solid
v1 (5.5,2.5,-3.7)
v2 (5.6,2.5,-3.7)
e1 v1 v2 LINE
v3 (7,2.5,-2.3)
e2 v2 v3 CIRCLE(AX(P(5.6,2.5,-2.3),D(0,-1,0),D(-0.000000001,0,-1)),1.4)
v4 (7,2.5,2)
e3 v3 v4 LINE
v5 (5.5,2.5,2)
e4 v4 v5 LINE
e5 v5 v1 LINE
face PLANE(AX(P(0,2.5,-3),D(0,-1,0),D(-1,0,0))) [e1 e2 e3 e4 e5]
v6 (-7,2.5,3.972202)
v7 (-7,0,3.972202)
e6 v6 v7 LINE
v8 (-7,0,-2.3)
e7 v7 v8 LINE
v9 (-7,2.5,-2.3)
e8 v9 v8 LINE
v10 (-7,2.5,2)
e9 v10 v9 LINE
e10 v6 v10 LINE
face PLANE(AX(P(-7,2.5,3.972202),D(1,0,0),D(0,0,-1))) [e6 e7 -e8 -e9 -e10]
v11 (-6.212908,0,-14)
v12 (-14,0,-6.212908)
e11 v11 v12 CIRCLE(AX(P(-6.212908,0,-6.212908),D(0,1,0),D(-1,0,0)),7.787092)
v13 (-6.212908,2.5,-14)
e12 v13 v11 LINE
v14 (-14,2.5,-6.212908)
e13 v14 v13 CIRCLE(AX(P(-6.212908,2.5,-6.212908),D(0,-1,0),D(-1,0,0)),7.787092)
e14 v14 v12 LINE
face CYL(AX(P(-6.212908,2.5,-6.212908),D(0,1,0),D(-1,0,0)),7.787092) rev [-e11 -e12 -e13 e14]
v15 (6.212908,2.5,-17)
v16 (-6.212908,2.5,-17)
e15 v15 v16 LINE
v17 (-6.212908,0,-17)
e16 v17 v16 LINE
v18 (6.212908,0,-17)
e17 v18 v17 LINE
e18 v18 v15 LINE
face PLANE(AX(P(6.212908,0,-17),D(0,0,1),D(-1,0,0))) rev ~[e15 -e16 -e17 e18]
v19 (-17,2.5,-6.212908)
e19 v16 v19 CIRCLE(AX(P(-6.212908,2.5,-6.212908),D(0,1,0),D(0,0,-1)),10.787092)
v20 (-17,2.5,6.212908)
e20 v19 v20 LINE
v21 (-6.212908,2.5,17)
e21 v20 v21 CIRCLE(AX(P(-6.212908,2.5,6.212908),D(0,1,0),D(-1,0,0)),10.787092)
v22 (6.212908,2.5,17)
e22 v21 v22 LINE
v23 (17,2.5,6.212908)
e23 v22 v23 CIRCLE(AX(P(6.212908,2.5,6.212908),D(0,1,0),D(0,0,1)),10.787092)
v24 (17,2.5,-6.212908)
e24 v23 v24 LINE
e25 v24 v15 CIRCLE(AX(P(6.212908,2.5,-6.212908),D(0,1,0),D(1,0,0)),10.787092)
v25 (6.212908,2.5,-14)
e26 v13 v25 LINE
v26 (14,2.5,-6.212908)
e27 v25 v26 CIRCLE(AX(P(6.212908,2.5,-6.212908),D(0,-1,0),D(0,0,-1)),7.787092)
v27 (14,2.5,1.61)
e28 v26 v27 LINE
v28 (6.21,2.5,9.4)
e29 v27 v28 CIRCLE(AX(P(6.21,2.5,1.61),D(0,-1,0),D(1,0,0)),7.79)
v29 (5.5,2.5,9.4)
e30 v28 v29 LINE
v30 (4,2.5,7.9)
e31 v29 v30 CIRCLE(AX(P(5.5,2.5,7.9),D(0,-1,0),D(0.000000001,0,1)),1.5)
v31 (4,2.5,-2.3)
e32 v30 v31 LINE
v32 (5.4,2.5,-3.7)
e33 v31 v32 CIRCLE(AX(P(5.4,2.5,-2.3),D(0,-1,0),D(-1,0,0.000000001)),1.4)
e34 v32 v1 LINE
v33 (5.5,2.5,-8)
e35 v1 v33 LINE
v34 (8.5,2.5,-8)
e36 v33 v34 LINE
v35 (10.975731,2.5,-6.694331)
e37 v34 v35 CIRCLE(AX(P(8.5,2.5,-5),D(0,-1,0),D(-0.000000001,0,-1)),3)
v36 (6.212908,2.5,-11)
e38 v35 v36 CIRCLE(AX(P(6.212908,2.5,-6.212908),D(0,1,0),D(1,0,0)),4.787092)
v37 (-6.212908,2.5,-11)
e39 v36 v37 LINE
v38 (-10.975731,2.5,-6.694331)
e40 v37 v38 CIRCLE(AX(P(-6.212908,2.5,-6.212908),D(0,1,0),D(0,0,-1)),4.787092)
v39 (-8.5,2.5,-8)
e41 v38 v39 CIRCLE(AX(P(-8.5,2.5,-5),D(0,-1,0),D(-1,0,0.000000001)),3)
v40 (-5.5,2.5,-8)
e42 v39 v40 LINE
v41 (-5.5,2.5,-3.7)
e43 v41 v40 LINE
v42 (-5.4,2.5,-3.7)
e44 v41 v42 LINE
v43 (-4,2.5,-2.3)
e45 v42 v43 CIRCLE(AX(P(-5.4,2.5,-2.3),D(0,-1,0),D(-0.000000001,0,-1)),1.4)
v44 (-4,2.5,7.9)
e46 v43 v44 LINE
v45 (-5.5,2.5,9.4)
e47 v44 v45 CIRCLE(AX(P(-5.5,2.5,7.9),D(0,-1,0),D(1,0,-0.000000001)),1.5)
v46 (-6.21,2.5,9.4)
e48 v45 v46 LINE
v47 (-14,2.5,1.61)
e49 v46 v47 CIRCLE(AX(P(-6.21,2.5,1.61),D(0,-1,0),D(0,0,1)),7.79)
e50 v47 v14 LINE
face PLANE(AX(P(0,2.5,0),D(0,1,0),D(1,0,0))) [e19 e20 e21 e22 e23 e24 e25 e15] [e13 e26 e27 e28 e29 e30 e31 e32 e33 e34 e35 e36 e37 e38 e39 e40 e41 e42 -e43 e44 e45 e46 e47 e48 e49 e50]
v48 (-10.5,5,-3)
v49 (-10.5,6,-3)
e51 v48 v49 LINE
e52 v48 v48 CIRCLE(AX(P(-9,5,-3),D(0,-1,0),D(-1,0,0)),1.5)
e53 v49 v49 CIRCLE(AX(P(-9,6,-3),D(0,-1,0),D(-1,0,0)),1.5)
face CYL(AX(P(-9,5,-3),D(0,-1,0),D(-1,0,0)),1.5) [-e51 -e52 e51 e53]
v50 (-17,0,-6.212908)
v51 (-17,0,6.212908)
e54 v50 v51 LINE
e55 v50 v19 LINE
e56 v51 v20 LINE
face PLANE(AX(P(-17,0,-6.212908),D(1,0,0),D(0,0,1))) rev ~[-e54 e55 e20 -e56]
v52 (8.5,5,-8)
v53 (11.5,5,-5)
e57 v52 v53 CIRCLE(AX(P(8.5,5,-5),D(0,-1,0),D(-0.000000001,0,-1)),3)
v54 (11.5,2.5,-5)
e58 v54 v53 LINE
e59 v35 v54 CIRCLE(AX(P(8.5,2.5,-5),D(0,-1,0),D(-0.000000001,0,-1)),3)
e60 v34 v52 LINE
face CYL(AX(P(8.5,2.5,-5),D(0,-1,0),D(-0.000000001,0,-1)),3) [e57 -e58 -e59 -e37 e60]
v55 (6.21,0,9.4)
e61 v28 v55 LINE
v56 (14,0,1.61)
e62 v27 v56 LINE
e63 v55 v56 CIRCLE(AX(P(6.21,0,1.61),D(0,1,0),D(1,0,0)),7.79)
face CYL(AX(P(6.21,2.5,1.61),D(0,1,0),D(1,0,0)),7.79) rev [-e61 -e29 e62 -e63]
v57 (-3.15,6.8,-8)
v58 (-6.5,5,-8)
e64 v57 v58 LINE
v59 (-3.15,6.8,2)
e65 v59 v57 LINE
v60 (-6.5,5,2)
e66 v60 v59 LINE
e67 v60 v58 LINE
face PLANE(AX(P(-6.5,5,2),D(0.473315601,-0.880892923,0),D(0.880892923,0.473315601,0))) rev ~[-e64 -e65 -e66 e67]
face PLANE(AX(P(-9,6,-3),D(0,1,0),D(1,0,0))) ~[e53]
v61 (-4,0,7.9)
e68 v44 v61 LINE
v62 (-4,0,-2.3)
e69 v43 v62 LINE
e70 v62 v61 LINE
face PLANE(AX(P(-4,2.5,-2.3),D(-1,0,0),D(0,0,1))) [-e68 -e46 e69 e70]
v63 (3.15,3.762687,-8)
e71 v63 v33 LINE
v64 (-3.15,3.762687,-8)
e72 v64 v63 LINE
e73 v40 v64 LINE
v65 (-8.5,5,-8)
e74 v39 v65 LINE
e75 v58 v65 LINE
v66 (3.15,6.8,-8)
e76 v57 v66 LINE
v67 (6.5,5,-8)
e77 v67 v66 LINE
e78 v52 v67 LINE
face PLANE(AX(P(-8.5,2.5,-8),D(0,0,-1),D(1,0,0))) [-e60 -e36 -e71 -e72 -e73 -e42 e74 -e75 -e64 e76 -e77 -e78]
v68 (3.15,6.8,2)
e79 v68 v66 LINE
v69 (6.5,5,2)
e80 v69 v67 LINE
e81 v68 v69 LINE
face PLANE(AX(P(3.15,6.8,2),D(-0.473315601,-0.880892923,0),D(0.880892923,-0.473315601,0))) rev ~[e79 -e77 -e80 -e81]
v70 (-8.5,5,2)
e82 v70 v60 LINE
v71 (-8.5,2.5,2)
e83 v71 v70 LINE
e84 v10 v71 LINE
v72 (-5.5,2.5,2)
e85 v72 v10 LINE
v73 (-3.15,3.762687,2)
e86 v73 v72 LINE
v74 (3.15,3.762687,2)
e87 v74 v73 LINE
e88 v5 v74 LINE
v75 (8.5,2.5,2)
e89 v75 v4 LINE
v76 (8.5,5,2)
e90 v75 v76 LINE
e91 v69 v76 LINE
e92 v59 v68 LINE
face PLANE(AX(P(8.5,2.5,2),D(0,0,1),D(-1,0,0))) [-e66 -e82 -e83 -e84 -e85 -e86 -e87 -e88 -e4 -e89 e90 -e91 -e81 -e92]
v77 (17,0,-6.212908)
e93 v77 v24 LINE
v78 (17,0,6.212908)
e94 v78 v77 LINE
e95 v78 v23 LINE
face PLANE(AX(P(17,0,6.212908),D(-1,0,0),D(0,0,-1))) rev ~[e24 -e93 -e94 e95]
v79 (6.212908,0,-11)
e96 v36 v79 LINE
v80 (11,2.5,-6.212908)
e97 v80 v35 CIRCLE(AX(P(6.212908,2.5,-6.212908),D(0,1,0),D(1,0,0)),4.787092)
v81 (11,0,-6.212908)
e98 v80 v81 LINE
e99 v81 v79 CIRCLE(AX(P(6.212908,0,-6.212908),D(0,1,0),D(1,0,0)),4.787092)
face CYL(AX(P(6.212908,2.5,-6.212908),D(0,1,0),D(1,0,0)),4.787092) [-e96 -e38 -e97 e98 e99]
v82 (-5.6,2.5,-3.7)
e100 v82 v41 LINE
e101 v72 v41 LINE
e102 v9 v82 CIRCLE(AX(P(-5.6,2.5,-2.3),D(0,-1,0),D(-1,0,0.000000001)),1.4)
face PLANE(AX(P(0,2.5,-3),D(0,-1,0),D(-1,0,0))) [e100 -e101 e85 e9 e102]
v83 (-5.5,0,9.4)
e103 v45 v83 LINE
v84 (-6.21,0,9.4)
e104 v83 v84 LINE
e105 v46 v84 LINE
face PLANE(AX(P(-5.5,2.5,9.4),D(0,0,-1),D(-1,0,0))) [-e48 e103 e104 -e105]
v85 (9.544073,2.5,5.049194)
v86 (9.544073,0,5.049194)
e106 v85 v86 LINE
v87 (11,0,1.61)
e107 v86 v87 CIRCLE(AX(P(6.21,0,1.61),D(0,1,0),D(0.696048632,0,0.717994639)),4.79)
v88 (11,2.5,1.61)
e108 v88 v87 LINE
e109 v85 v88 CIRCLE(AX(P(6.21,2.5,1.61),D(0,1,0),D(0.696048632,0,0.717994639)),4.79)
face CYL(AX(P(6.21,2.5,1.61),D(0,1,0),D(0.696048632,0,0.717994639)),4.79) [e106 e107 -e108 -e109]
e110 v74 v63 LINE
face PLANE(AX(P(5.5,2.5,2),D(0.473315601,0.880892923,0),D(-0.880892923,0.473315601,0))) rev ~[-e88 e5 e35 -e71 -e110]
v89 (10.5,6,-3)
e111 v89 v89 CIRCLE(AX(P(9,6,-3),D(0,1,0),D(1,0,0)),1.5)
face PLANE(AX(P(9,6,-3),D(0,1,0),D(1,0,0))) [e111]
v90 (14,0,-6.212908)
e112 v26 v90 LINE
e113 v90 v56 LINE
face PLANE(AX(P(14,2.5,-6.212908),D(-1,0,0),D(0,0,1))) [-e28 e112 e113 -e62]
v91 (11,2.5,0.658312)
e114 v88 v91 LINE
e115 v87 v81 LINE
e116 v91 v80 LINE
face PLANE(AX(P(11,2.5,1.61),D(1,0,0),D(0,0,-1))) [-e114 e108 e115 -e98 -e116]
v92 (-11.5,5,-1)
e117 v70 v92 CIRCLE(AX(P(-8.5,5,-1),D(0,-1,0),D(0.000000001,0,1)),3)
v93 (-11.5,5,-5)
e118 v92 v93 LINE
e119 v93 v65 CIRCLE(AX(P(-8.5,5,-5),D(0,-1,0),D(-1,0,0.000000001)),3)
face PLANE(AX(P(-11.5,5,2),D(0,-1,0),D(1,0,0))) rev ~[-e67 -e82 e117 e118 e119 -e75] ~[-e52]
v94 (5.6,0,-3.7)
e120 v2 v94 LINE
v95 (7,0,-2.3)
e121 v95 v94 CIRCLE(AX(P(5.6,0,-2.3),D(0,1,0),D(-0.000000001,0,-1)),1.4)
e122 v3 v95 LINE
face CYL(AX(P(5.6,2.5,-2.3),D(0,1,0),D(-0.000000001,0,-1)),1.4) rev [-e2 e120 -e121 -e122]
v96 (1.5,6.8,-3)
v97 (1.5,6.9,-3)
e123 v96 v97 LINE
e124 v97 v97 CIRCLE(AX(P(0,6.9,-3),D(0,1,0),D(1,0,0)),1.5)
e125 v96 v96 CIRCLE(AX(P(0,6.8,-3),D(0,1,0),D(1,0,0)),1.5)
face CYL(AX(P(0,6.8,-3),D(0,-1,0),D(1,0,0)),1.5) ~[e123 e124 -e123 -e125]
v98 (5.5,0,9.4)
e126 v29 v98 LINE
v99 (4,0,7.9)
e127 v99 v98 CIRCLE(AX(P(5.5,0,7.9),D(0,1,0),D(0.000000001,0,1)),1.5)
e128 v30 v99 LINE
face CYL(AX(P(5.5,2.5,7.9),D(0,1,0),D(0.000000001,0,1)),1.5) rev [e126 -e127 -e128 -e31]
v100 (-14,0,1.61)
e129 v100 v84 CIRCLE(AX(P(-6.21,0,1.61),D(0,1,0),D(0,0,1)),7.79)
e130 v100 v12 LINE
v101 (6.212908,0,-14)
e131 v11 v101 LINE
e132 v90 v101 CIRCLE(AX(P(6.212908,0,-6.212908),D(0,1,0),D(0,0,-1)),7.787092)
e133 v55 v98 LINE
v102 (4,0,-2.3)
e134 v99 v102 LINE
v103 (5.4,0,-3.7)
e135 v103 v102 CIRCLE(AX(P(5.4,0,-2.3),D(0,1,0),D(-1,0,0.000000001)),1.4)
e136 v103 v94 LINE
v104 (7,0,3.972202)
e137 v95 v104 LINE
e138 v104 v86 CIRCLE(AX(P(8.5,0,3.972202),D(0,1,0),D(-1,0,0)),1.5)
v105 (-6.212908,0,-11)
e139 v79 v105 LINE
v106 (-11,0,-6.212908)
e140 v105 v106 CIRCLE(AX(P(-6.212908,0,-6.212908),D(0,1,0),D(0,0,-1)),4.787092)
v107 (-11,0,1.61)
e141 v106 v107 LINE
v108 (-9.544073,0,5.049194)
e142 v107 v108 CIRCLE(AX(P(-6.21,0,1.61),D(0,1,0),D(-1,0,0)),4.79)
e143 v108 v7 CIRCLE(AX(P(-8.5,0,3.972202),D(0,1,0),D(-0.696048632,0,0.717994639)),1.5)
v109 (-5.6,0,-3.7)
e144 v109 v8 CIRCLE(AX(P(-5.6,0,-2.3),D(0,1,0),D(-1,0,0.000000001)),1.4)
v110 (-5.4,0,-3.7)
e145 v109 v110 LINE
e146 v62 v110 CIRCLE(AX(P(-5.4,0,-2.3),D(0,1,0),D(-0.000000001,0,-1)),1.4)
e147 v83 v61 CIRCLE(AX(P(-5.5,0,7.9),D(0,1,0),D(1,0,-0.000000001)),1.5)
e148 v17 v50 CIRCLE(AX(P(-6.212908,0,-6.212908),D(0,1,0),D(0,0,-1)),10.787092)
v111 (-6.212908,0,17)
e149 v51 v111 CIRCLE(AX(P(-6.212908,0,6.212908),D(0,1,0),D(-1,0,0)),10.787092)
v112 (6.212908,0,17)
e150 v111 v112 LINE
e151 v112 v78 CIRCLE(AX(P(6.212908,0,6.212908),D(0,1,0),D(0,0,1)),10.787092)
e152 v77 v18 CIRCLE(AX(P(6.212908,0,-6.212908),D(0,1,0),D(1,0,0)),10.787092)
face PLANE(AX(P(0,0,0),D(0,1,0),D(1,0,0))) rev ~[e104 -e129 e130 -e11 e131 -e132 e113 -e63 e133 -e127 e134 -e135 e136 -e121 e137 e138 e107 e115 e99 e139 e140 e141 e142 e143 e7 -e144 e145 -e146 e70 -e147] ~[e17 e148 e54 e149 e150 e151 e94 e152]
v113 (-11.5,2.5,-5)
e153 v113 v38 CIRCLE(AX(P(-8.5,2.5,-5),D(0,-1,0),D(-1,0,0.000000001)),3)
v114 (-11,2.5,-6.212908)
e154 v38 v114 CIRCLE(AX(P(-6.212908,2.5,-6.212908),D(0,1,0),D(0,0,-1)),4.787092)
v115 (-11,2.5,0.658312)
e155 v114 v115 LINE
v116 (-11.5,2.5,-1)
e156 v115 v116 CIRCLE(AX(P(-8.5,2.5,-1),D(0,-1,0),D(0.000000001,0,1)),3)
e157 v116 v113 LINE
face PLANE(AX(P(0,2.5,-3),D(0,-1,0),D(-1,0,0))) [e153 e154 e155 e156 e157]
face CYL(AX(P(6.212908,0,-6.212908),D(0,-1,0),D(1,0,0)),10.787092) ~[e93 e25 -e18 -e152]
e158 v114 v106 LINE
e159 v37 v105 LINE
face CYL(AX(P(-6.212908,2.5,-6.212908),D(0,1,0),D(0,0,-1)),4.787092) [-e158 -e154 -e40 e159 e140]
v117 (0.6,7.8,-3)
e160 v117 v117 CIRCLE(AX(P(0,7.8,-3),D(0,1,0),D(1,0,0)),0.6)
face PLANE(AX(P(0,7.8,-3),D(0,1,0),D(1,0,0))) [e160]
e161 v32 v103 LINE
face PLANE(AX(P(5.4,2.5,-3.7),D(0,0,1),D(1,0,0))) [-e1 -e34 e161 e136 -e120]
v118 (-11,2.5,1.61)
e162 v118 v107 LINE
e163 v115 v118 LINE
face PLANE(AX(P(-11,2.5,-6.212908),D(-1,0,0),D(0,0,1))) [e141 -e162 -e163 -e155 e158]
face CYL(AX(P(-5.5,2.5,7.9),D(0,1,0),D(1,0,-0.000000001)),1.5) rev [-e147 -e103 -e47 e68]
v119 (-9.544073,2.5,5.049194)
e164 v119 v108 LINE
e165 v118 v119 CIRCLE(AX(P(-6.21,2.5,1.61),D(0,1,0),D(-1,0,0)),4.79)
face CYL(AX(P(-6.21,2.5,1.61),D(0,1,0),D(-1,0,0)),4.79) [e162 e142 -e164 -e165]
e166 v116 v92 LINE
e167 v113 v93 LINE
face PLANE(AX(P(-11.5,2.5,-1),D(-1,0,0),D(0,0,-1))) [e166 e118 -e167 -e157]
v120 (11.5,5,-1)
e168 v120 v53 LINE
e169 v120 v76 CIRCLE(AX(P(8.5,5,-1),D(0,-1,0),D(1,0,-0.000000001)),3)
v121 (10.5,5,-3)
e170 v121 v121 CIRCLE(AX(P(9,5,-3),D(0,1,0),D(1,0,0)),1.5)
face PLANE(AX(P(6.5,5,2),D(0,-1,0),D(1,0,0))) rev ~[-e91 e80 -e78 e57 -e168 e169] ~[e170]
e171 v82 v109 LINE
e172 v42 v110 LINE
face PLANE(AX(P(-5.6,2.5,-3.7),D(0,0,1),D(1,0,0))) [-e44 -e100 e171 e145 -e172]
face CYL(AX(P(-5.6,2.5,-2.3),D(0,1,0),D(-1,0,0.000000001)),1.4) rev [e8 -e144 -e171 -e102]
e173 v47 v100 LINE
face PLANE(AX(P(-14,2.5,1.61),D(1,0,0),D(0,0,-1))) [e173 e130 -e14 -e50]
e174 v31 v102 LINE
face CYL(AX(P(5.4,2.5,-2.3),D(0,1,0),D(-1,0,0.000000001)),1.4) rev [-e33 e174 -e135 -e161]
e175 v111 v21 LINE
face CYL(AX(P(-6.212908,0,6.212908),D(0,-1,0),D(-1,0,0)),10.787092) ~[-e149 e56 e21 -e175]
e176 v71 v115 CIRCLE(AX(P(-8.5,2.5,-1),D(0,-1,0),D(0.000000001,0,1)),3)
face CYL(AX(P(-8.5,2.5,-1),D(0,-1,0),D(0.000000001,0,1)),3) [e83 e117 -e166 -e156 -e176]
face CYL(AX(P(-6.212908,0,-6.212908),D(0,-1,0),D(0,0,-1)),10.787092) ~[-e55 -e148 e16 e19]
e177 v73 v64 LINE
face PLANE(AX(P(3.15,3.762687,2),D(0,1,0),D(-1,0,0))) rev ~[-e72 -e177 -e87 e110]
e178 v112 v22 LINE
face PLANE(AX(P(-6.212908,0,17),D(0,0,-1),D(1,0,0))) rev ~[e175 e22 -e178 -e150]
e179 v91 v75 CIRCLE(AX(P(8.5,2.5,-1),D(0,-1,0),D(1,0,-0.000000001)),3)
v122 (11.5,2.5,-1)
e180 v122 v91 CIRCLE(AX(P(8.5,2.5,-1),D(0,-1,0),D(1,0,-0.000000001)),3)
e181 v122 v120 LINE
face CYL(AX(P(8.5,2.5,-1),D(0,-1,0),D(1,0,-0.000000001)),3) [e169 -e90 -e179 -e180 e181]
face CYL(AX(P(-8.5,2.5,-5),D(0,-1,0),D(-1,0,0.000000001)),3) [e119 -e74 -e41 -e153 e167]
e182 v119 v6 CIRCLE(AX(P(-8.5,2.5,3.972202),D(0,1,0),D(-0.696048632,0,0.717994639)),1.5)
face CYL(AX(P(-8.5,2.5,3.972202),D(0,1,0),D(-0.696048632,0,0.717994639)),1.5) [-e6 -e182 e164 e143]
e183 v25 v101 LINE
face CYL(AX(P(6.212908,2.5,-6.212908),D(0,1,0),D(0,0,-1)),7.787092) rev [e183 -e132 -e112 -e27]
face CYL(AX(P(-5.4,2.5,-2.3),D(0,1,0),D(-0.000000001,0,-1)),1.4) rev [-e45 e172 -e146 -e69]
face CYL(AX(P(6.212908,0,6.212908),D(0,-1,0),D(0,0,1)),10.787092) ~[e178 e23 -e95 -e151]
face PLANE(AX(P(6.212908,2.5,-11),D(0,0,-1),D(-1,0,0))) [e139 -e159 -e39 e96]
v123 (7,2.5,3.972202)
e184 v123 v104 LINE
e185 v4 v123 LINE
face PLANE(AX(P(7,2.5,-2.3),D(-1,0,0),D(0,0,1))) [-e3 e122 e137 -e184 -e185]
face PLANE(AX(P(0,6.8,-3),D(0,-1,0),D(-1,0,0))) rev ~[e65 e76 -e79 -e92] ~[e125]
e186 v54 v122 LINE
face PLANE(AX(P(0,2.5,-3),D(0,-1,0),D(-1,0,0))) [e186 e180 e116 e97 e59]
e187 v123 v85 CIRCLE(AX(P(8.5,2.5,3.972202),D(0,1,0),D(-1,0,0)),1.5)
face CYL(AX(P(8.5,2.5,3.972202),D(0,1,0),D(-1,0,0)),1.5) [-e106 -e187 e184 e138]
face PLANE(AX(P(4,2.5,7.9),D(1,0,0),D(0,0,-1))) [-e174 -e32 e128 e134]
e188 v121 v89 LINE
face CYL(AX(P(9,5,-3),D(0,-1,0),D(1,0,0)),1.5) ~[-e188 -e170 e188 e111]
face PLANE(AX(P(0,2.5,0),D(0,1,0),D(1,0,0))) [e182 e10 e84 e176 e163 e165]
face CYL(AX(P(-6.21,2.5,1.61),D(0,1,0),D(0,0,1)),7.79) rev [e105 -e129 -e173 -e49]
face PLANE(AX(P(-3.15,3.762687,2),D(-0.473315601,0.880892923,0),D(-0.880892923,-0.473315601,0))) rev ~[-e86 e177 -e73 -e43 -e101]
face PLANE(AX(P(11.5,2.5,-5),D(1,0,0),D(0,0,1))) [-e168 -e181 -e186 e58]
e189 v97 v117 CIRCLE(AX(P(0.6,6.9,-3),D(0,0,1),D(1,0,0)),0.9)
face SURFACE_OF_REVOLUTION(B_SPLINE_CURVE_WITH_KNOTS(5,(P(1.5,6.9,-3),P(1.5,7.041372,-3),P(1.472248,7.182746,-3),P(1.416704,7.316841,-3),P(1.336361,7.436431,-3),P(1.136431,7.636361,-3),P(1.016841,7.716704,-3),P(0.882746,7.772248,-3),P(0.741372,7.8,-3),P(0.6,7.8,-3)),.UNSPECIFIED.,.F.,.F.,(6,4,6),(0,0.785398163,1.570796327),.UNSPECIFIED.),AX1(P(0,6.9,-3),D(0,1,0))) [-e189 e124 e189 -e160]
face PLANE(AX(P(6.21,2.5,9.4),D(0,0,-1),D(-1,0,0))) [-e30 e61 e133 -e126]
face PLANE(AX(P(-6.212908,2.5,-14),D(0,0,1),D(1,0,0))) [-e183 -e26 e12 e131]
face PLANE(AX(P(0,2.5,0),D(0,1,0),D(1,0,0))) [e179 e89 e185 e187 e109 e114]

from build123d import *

# Parameters (mm, degrees)
BOSS_EXTRUDE1_DEPTH = 2.5
CUT_EXTRUDE1_DEPTH  = 3.5
BOSS_EXTRUDE2_DEPTH = 4.3
CUT_EXTRUDE2_DEPTH  = 20
SKETCH5_R           = 1.5
BOSS_EXTRUDE3_DEPTH = 1
SKETCH6_R           = 1.5
BOSS_EXTRUDE4_DEPTH = 1
FILLET1_R           = 0.9


with BuildPart() as part:
    # Sketch1 → Boss-Extrude1 (new body)
    with BuildSketch(Plane(origin=(0, 0, 0), x_dir=(1, 0, 0), z_dir=(0, 1, 0))):
        with BuildLine():
            Line((-6.212908396, -17), (6.212908396, -17))
            ThreePointArc((6.212908396, -17), (13.840534019, -13.840534019), (17, -6.212908396))
            Line((17, -6.212908396), (17, 6.212908396))
            ThreePointArc((17, 6.212908396), (13.840534019, 13.840534019), (6.212908396, 17))
            Line((6.212908396, 17), (-6.212908396, 17))
            ThreePointArc((-6.212908396, 17), (-13.840534019, 13.840534019), (-17, 6.212908396))
            Line((-17, 6.212908396), (-17, -6.212908396))
            ThreePointArc((-17, -6.212908396), (-13.840534019, -13.840534019), (-6.212908396, -17))
        make_face()
    extrude(amount=BOSS_EXTRUDE1_DEPTH)

    # Sketch2 → Cut-Extrude1 (cut, through all)
    with BuildSketch(Plane(origin=(0, 2.5, 0), x_dir=(1, 0, 0), z_dir=(0, 1, 0))):
        with BuildLine():
            Line((5.4, 3.7), (5.6, 3.7))
            ThreePointArc((5.6, 3.7), (6.589949494, 3.289949494), (7, 2.3))
            Line((7, 2.3), (7, -3.972202362))
            ThreePointArc((7, -3.972202362), (7.915239118, -5.353525898), (9.544072948, -5.049194321))
            ThreePointArc((9.544072948, -5.049194321), (10.621026492, -3.477336416), (11, -1.61))
            Line((11, -1.61), (11, 6.212908396))
            ThreePointArc((11, 6.212908396), (9.597893331, 9.597893331), (6.212908396, 11))
            Line((6.212908396, 11), (-6.212908396, 11))
            ThreePointArc((-6.212908396, 11), (-9.597893331, 9.597893331), (-11, 6.212908396))
            Line((-11, 6.212908396), (-11, -1.61))
            ThreePointArc((-11, -1.61), (-10.621026492, -3.477336416), (-9.544072948, -5.049194321))
            ThreePointArc((-9.544072948, -5.049194321), (-7.915239118, -5.353525898), (-7, -3.972202362))
            Line((-7, -3.972202362), (-7, 2.3))
            ThreePointArc((-7, 2.3), (-6.589949494, 3.289949494), (-5.6, 3.7))
            Line((-5.6, 3.7), (-5.4, 3.7))
            ThreePointArc((-5.4, 3.7), (-4.410050506, 3.289949494), (-4, 2.3))
            Line((-4, 2.3), (-4, -7.9))
            ThreePointArc((-4, -7.9), (-4.439339828, -8.960660172), (-5.5, -9.4))
            Line((-5.5, -9.4), (-6.21, -9.4))
            ThreePointArc((-6.21, -9.4), (-11.718361825, -7.118361825), (-14, -1.61))
            Line((-14, -1.61), (-14, 6.212908396))
            ThreePointArc((-14, 6.212908396), (-11.719213675, 11.719213675), (-6.212908396, 14))
            Line((-6.212908396, 14), (6.212908396, 14))
            ThreePointArc((6.212908396, 14), (11.719213675, 11.719213675), (14, 6.212908396))
            Line((14, 6.212908396), (14, -1.61))
            ThreePointArc((14, -1.61), (11.718361825, -7.118361825), (6.21, -9.4))
            Line((6.21, -9.4), (5.5, -9.4))
            ThreePointArc((5.5, -9.4), (4.439339828, -8.960660172), (4, -7.9))
            Line((4, -7.9), (4, 2.3))
            ThreePointArc((4, 2.3), (4.410050506, 3.289949494), (5.4, 3.7))
        make_face()
    extrude(amount=-CUT_EXTRUDE1_DEPTH, mode=Mode.SUBTRACT)

    # Sketch3 → Boss-Extrude2 (add)
    with BuildSketch(Plane(origin=(0, 2.5, 0), x_dir=(1, 0, 0), z_dir=(0, 1, 0))):
        with BuildLine():
            Line((-8.5, 8), (8.5, 8))
            ThreePointArc((8.5, 8), (10.621320344, 7.121320344), (11.5, 5))
            Line((11.5, 5), (11.5, 1))
            ThreePointArc((11.5, 1), (10.621320344, -1.121320344), (8.5, -2))
            Line((8.5, -2), (-8.5, -2))
            ThreePointArc((-8.5, -2), (-10.621320344, -1.121320344), (-11.5, 1))
            Line((-11.5, 1), (-11.5, 5))
            ThreePointArc((-11.5, 5), (-10.621320344, 7.121320344), (-8.5, 8))
        make_face()
    extrude(amount=BOSS_EXTRUDE2_DEPTH)

    # Sketch4 → Cut-Extrude2 (cut, through all)
    with BuildSketch(Plane.XY.offset(2)):
        Polygon((-11.5, 5), (-6.5, 5), (-3.15, 6.8), (3.15, 6.8), (6.5, 5), (11.5, 5), (14.66460311, 7.657087543), (13.998030241, 12.878575014), (-15.83110563, 15.267127793), (-17.386442324, 7.657087543), align=None)
        Polygon((3.15, 3.762686567), (-3.15, 3.762686567), (-5.5, 2.5), (5.5, 2.5), align=None)
    extrude(amount=-CUT_EXTRUDE2_DEPTH, mode=Mode.SUBTRACT)

    # Sketch5 → Boss-Extrude3 (add)
    with BuildSketch(Plane(origin=(0, 5, 0), x_dir=(1, 0, 0), z_dir=(0, 1, 0))):
        with Locations((9, 3)):
            Circle(SKETCH5_R)
    boss_extrude3 = extrude(amount=BOSS_EXTRUDE3_DEPTH)

    # Mirror1: Boss-Extrude3 across plane
    add(boss_extrude3.mirror(Plane(origin=(0, 0, 0), x_dir=(0, 0, 1), z_dir=(1, 0, 0))))

    # Sketch6 → Boss-Extrude4 (add)
    with BuildSketch(Plane(origin=(0, 6.8, 0), x_dir=(1, 0, 0), z_dir=(0, 1, 0))):
        with Locations((0, 3)):
            Circle(SKETCH6_R)
    extrude(amount=BOSS_EXTRUDE4_DEPTH)

    # Fillet1
    fillet1_edges = [part.edges().sort_by_distance(p)[0] for p in [
        (-1.5, 7.8, -3),
    ]]
    fillet(fillet1_edges, radius=FILLET1_R)


solid = part.part
